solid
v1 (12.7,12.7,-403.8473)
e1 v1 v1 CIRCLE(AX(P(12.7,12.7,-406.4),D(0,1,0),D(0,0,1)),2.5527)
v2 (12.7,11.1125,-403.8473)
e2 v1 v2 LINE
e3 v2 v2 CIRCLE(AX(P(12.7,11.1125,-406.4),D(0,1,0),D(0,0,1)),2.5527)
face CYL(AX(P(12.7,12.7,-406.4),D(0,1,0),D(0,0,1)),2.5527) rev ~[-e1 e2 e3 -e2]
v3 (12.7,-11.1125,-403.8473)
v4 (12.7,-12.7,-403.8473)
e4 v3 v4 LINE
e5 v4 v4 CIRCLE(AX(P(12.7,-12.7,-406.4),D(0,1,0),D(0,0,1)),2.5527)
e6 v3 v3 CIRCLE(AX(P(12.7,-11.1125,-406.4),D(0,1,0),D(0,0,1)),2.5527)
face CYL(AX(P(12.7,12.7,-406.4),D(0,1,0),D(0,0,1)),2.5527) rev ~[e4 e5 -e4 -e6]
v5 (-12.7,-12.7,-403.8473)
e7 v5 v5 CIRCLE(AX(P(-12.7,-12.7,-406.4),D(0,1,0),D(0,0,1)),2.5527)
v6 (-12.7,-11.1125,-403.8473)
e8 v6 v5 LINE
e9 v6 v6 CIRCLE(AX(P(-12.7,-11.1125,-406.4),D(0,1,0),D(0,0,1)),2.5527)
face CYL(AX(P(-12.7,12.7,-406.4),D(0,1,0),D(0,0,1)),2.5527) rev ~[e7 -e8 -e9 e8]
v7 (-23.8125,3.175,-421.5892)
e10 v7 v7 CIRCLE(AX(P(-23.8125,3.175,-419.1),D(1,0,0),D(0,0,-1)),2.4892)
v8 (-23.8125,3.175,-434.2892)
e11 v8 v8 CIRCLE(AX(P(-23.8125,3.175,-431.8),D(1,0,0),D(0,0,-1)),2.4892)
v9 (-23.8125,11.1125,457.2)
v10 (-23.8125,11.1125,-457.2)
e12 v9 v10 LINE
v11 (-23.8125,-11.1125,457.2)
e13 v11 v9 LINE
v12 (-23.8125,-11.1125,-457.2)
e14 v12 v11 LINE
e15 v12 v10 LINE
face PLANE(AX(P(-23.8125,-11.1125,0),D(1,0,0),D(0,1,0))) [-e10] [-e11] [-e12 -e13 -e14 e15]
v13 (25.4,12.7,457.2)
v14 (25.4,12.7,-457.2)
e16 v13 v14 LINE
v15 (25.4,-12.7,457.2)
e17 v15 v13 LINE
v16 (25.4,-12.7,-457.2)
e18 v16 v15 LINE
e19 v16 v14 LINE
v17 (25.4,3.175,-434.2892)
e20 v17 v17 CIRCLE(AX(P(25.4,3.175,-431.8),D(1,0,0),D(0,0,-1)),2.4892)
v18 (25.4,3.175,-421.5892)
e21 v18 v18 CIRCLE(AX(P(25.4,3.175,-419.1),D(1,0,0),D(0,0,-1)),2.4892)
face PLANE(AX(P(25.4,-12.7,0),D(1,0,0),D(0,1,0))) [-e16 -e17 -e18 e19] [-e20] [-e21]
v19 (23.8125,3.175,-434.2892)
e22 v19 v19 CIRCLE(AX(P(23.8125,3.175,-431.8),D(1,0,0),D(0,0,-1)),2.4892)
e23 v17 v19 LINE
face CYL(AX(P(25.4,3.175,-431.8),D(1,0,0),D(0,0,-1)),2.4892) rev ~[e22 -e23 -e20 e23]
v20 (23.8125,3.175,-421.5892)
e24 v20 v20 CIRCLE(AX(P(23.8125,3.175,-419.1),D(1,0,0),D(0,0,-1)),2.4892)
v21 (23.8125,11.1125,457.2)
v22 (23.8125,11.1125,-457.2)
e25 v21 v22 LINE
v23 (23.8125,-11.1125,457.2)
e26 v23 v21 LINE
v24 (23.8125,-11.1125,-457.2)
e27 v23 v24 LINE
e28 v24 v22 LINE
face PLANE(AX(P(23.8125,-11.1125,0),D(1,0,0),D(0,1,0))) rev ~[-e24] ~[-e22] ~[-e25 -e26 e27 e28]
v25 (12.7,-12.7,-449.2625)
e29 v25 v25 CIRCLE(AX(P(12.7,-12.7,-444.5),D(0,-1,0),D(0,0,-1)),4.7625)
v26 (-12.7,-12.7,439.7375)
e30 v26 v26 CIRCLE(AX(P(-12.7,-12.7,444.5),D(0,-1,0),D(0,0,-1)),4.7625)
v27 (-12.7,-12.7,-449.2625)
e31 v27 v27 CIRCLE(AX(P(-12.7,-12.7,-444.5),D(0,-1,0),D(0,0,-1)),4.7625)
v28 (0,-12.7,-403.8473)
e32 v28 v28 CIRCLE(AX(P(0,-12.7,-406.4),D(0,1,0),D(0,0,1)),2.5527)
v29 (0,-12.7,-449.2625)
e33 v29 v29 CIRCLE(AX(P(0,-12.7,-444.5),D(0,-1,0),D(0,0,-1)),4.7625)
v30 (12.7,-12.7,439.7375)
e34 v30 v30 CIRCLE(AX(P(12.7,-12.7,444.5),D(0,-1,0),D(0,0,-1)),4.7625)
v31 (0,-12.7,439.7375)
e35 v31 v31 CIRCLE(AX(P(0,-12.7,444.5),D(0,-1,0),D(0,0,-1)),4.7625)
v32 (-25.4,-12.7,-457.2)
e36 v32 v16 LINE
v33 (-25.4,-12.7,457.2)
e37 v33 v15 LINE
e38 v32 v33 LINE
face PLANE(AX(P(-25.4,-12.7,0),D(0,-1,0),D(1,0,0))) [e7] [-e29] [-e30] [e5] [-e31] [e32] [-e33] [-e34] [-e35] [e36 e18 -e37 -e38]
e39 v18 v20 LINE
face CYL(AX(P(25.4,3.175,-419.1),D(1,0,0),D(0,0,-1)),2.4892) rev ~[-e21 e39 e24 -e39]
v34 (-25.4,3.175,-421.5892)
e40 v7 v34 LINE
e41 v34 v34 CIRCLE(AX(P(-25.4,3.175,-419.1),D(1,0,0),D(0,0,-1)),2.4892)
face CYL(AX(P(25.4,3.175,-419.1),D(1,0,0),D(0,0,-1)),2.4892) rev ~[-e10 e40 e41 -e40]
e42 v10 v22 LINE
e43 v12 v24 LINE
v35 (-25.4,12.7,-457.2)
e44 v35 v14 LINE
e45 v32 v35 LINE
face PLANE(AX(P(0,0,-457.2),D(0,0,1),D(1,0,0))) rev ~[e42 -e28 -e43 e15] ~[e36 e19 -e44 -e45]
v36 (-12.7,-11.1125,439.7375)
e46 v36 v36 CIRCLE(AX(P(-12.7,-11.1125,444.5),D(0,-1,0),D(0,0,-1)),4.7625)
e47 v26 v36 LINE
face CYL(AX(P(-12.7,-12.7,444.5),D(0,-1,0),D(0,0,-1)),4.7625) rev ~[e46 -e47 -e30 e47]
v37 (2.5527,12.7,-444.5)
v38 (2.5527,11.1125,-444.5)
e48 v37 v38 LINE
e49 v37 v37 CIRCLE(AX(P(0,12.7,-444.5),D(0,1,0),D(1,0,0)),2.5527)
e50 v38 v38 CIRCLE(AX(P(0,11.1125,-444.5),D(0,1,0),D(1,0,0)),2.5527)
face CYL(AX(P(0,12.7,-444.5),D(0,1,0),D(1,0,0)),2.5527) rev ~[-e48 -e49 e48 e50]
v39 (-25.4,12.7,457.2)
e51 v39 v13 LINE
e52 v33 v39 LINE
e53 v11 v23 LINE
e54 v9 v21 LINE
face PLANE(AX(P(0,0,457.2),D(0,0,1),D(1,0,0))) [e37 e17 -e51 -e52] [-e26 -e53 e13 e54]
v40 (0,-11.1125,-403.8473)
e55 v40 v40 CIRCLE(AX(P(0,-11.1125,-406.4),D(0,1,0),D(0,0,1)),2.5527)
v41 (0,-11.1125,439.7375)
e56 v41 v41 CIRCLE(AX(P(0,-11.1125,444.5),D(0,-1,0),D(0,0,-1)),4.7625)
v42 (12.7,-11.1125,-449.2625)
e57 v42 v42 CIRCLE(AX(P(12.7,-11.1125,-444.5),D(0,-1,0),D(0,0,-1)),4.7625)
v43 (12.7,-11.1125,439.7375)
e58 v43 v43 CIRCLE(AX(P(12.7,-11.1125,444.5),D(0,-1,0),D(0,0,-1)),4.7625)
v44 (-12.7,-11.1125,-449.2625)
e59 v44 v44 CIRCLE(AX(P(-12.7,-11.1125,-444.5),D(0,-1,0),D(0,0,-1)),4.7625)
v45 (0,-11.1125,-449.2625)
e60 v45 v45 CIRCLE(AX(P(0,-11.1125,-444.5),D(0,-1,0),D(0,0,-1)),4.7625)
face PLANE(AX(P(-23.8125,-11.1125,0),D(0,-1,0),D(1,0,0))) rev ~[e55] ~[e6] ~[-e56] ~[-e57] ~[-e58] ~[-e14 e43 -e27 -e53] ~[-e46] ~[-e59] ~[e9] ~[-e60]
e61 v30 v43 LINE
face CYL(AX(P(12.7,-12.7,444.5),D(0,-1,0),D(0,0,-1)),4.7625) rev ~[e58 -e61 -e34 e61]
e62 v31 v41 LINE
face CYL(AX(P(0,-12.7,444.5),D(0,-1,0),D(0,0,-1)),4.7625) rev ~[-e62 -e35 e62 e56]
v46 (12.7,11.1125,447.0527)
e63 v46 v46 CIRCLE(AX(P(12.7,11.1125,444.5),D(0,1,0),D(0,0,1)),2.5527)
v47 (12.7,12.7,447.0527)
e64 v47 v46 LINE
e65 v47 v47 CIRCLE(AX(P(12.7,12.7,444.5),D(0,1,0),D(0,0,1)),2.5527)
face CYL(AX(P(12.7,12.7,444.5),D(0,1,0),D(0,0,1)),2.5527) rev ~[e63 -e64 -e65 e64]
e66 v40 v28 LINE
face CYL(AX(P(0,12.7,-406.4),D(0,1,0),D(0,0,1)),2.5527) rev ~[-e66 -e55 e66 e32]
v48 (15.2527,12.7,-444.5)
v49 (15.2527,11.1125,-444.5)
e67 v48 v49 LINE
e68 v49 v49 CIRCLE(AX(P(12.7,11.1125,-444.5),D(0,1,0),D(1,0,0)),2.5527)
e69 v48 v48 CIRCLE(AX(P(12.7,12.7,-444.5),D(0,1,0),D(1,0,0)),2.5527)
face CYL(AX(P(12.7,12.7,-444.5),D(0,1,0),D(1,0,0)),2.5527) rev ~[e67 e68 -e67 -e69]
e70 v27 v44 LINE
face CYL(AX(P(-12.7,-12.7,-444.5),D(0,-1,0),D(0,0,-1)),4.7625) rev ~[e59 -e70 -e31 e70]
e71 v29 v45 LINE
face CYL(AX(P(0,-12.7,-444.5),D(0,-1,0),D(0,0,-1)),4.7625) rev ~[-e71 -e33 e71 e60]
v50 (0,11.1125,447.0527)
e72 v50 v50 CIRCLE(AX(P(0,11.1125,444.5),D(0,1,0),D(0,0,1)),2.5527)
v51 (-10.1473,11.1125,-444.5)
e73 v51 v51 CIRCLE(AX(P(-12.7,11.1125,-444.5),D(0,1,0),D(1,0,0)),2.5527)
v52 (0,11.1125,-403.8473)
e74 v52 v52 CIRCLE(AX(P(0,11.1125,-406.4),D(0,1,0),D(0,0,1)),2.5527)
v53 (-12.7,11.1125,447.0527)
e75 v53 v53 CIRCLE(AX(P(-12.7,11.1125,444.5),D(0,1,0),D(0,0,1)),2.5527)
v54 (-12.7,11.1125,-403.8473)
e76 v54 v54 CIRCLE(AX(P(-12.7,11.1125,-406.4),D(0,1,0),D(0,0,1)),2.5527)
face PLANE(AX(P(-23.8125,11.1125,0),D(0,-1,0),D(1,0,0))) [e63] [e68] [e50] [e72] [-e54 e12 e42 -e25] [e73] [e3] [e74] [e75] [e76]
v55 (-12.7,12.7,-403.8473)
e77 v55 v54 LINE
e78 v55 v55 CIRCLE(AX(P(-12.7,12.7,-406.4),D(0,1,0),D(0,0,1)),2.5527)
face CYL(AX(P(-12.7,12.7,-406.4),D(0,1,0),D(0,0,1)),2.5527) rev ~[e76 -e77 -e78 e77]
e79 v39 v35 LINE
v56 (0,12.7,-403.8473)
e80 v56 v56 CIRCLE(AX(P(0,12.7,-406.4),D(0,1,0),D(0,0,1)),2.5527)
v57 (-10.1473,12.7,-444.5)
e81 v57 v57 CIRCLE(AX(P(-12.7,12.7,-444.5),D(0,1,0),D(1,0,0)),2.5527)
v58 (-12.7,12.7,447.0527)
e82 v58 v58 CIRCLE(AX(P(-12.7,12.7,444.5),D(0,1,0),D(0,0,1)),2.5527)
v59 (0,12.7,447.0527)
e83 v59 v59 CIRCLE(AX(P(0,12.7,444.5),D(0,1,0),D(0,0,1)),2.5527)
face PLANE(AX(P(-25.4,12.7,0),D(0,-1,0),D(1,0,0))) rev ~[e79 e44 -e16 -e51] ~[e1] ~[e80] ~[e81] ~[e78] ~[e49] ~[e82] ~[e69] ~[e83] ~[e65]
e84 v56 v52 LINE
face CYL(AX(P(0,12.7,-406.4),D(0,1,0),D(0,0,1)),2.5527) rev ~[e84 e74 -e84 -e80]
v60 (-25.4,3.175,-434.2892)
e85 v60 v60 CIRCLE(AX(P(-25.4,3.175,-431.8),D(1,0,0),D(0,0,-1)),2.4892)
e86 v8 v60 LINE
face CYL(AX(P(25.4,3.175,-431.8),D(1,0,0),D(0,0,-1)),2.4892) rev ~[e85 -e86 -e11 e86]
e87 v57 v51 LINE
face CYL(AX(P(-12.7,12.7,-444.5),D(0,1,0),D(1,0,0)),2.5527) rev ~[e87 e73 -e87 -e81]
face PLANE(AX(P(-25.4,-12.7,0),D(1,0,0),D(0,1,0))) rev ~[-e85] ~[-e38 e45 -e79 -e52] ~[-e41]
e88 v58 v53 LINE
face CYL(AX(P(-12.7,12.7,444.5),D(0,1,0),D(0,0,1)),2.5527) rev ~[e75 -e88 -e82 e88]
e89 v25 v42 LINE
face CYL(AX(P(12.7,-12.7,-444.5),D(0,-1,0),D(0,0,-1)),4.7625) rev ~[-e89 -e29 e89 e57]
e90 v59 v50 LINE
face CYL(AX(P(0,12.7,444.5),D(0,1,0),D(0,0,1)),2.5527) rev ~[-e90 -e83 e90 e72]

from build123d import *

# Parameters (mm, degrees)
SKETCH1_W           = 50.8
SKETCH1_H           = 25.4
SKETCH1_W_2         = 47.625
SKETCH1_H_2         = 22.225
BOSS_EXTRUDE1_DEPTH = 457.2
SKETCH3_R           = 2.5527
CUT_EXTRUDE2_DEPTH  = 1.5875
SKETCH4_R           = 4.7625
SKETCH4_R_2         = 2.5527
CUT_EXTRUDE4_DEPTH  = 1.5875
SKETCH7_R           = 2.4892
CUT_EXTRUDE5_DEPTH  = 461.188841673
SKETCH10_R          = 2.5527
CUT_EXTRUDE6_DEPTH  = 459.608940166


with BuildPart() as part:
    # Sketch1 → Boss-Extrude1 (new, symmetric)
    with BuildSketch(Plane.XY):
        Rectangle(SKETCH1_W, SKETCH1_H)
        Rectangle(SKETCH1_W_2, SKETCH1_H_2, mode=Mode.SUBTRACT)
    extrude(amount=BOSS_EXTRUDE1_DEPTH, both=True)

    # Sketch3 → Cut-Extrude2 (cut)
    with BuildSketch(Plane(origin=(0, 12.7, 0), x_dir=(1, 0, 0), z_dir=(0, 1, 0))):
        with Locations(Location((0, -444.5, 0), (0, 0, 270))):
            Circle(SKETCH3_R)
        with Locations(Location((12.7, -444.5, 0), (0, 0, 270))):
            Circle(SKETCH3_R)
        with Locations(Location((-12.7, -444.5, 0), (0, 0, 270))):
            Circle(SKETCH3_R)
        with Locations((12.7, 444.5)):
            Circle(SKETCH3_R)
        with Locations((0, 444.5)):
            Circle(SKETCH3_R)
        with Locations((-12.7, 444.5)):
            Circle(SKETCH3_R)
    extrude(amount=-CUT_EXTRUDE2_DEPTH, mode=Mode.SUBTRACT)

    # Sketch4 → Cut-Extrude4 (cut)
    with BuildSketch(Plane.XZ.offset(12.7)):
        with Locations(Location((-12.7, 444.5, 0), (0, 0, 270))):
            Circle(SKETCH4_R)
        with Locations(Location((-12.7, 444.5, 0), (0, 0, 90))):
            Circle(SKETCH4_R_2, mode=Mode.SUBTRACT)
        with Locations(Location((0, 444.5, 0), (0, 0, 270))):
            Circle(SKETCH4_R)
        with Locations(Location((0, 444.5, 0), (0, 0, 90))):
            Circle(SKETCH4_R_2, mode=Mode.SUBTRACT)
        with Locations(Location((0, 444.5, 0), (0, 0, 90))):
            Circle(SKETCH4_R_2)
        with Locations(Location((-12.7, 444.5, 0), (0, 0, 90))):
            Circle(SKETCH4_R_2)
        with Locations(Location((12.7, 444.5, 0), (0, 0, 270))):
            Circle(SKETCH4_R)
        with Locations(Location((12.7, 444.5, 0), (0, 0, 90))):
            Circle(SKETCH4_R_2, mode=Mode.SUBTRACT)
        with Locations(Location((12.7, 444.5, 0), (0, 0, 90))):
            Circle(SKETCH4_R_2)
        with Locations(Location((12.7, -444.5, 0), (0, 0, 270))):
            Circle(SKETCH4_R)
        with Locations((12.7, -444.5)):
            Circle(SKETCH4_R_2, mode=Mode.SUBTRACT)
        with Locations((12.7, -444.5)):
            Circle(SKETCH4_R_2)
        with Locations(Location((0, -444.5, 0), (0, 0, 270))):
            Circle(SKETCH4_R)
        with Locations((0, -444.5)):
            Circle(SKETCH4_R_2, mode=Mode.SUBTRACT)
        with Locations((0, -444.5)):
            Circle(SKETCH4_R_2)
        with Locations(Location((-12.7, -444.5, 0), (0, 0, 270))):
            Circle(SKETCH4_R)
        with Locations((-12.7, -444.5)):
            Circle(SKETCH4_R_2, mode=Mode.SUBTRACT)
        with Locations((-12.7, -444.5)):
            Circle(SKETCH4_R_2)
    extrude(amount=-CUT_EXTRUDE4_DEPTH, mode=Mode.SUBTRACT)

    # Sketch7 → Cut-Extrude5 (cut, through all)
    with BuildSketch(Plane(origin=(25.4, 0, 0), x_dir=(0, 0, -1), z_dir=(1, 0, 0))):
        with Locations((419.1, 3.175)):
            Circle(SKETCH7_R)
        with Locations((431.8, 3.175)):
            Circle(SKETCH7_R)
    extrude(amount=-CUT_EXTRUDE5_DEPTH, mode=Mode.SUBTRACT)

    # Sketch10 → Cut-Extrude6 (cut, through all)
    with BuildSketch(Plane(origin=(0, 12.7, 0), x_dir=(1, 0, 0), z_dir=(0, 1, 0))):
        with Locations(Location((-12.7, 406.4, 0), (0, 0, 270))):
            Circle(SKETCH10_R)
        with Locations(Location((0, 406.4, 0), (0, 0, 270))):
            Circle(SKETCH10_R)
        with Locations(Location((12.7, 406.4, 0), (0, 0, 270))):
            Circle(SKETCH10_R)
    extrude(amount=-CUT_EXTRUDE6_DEPTH, mode=Mode.SUBTRACT)


solid = part.part
